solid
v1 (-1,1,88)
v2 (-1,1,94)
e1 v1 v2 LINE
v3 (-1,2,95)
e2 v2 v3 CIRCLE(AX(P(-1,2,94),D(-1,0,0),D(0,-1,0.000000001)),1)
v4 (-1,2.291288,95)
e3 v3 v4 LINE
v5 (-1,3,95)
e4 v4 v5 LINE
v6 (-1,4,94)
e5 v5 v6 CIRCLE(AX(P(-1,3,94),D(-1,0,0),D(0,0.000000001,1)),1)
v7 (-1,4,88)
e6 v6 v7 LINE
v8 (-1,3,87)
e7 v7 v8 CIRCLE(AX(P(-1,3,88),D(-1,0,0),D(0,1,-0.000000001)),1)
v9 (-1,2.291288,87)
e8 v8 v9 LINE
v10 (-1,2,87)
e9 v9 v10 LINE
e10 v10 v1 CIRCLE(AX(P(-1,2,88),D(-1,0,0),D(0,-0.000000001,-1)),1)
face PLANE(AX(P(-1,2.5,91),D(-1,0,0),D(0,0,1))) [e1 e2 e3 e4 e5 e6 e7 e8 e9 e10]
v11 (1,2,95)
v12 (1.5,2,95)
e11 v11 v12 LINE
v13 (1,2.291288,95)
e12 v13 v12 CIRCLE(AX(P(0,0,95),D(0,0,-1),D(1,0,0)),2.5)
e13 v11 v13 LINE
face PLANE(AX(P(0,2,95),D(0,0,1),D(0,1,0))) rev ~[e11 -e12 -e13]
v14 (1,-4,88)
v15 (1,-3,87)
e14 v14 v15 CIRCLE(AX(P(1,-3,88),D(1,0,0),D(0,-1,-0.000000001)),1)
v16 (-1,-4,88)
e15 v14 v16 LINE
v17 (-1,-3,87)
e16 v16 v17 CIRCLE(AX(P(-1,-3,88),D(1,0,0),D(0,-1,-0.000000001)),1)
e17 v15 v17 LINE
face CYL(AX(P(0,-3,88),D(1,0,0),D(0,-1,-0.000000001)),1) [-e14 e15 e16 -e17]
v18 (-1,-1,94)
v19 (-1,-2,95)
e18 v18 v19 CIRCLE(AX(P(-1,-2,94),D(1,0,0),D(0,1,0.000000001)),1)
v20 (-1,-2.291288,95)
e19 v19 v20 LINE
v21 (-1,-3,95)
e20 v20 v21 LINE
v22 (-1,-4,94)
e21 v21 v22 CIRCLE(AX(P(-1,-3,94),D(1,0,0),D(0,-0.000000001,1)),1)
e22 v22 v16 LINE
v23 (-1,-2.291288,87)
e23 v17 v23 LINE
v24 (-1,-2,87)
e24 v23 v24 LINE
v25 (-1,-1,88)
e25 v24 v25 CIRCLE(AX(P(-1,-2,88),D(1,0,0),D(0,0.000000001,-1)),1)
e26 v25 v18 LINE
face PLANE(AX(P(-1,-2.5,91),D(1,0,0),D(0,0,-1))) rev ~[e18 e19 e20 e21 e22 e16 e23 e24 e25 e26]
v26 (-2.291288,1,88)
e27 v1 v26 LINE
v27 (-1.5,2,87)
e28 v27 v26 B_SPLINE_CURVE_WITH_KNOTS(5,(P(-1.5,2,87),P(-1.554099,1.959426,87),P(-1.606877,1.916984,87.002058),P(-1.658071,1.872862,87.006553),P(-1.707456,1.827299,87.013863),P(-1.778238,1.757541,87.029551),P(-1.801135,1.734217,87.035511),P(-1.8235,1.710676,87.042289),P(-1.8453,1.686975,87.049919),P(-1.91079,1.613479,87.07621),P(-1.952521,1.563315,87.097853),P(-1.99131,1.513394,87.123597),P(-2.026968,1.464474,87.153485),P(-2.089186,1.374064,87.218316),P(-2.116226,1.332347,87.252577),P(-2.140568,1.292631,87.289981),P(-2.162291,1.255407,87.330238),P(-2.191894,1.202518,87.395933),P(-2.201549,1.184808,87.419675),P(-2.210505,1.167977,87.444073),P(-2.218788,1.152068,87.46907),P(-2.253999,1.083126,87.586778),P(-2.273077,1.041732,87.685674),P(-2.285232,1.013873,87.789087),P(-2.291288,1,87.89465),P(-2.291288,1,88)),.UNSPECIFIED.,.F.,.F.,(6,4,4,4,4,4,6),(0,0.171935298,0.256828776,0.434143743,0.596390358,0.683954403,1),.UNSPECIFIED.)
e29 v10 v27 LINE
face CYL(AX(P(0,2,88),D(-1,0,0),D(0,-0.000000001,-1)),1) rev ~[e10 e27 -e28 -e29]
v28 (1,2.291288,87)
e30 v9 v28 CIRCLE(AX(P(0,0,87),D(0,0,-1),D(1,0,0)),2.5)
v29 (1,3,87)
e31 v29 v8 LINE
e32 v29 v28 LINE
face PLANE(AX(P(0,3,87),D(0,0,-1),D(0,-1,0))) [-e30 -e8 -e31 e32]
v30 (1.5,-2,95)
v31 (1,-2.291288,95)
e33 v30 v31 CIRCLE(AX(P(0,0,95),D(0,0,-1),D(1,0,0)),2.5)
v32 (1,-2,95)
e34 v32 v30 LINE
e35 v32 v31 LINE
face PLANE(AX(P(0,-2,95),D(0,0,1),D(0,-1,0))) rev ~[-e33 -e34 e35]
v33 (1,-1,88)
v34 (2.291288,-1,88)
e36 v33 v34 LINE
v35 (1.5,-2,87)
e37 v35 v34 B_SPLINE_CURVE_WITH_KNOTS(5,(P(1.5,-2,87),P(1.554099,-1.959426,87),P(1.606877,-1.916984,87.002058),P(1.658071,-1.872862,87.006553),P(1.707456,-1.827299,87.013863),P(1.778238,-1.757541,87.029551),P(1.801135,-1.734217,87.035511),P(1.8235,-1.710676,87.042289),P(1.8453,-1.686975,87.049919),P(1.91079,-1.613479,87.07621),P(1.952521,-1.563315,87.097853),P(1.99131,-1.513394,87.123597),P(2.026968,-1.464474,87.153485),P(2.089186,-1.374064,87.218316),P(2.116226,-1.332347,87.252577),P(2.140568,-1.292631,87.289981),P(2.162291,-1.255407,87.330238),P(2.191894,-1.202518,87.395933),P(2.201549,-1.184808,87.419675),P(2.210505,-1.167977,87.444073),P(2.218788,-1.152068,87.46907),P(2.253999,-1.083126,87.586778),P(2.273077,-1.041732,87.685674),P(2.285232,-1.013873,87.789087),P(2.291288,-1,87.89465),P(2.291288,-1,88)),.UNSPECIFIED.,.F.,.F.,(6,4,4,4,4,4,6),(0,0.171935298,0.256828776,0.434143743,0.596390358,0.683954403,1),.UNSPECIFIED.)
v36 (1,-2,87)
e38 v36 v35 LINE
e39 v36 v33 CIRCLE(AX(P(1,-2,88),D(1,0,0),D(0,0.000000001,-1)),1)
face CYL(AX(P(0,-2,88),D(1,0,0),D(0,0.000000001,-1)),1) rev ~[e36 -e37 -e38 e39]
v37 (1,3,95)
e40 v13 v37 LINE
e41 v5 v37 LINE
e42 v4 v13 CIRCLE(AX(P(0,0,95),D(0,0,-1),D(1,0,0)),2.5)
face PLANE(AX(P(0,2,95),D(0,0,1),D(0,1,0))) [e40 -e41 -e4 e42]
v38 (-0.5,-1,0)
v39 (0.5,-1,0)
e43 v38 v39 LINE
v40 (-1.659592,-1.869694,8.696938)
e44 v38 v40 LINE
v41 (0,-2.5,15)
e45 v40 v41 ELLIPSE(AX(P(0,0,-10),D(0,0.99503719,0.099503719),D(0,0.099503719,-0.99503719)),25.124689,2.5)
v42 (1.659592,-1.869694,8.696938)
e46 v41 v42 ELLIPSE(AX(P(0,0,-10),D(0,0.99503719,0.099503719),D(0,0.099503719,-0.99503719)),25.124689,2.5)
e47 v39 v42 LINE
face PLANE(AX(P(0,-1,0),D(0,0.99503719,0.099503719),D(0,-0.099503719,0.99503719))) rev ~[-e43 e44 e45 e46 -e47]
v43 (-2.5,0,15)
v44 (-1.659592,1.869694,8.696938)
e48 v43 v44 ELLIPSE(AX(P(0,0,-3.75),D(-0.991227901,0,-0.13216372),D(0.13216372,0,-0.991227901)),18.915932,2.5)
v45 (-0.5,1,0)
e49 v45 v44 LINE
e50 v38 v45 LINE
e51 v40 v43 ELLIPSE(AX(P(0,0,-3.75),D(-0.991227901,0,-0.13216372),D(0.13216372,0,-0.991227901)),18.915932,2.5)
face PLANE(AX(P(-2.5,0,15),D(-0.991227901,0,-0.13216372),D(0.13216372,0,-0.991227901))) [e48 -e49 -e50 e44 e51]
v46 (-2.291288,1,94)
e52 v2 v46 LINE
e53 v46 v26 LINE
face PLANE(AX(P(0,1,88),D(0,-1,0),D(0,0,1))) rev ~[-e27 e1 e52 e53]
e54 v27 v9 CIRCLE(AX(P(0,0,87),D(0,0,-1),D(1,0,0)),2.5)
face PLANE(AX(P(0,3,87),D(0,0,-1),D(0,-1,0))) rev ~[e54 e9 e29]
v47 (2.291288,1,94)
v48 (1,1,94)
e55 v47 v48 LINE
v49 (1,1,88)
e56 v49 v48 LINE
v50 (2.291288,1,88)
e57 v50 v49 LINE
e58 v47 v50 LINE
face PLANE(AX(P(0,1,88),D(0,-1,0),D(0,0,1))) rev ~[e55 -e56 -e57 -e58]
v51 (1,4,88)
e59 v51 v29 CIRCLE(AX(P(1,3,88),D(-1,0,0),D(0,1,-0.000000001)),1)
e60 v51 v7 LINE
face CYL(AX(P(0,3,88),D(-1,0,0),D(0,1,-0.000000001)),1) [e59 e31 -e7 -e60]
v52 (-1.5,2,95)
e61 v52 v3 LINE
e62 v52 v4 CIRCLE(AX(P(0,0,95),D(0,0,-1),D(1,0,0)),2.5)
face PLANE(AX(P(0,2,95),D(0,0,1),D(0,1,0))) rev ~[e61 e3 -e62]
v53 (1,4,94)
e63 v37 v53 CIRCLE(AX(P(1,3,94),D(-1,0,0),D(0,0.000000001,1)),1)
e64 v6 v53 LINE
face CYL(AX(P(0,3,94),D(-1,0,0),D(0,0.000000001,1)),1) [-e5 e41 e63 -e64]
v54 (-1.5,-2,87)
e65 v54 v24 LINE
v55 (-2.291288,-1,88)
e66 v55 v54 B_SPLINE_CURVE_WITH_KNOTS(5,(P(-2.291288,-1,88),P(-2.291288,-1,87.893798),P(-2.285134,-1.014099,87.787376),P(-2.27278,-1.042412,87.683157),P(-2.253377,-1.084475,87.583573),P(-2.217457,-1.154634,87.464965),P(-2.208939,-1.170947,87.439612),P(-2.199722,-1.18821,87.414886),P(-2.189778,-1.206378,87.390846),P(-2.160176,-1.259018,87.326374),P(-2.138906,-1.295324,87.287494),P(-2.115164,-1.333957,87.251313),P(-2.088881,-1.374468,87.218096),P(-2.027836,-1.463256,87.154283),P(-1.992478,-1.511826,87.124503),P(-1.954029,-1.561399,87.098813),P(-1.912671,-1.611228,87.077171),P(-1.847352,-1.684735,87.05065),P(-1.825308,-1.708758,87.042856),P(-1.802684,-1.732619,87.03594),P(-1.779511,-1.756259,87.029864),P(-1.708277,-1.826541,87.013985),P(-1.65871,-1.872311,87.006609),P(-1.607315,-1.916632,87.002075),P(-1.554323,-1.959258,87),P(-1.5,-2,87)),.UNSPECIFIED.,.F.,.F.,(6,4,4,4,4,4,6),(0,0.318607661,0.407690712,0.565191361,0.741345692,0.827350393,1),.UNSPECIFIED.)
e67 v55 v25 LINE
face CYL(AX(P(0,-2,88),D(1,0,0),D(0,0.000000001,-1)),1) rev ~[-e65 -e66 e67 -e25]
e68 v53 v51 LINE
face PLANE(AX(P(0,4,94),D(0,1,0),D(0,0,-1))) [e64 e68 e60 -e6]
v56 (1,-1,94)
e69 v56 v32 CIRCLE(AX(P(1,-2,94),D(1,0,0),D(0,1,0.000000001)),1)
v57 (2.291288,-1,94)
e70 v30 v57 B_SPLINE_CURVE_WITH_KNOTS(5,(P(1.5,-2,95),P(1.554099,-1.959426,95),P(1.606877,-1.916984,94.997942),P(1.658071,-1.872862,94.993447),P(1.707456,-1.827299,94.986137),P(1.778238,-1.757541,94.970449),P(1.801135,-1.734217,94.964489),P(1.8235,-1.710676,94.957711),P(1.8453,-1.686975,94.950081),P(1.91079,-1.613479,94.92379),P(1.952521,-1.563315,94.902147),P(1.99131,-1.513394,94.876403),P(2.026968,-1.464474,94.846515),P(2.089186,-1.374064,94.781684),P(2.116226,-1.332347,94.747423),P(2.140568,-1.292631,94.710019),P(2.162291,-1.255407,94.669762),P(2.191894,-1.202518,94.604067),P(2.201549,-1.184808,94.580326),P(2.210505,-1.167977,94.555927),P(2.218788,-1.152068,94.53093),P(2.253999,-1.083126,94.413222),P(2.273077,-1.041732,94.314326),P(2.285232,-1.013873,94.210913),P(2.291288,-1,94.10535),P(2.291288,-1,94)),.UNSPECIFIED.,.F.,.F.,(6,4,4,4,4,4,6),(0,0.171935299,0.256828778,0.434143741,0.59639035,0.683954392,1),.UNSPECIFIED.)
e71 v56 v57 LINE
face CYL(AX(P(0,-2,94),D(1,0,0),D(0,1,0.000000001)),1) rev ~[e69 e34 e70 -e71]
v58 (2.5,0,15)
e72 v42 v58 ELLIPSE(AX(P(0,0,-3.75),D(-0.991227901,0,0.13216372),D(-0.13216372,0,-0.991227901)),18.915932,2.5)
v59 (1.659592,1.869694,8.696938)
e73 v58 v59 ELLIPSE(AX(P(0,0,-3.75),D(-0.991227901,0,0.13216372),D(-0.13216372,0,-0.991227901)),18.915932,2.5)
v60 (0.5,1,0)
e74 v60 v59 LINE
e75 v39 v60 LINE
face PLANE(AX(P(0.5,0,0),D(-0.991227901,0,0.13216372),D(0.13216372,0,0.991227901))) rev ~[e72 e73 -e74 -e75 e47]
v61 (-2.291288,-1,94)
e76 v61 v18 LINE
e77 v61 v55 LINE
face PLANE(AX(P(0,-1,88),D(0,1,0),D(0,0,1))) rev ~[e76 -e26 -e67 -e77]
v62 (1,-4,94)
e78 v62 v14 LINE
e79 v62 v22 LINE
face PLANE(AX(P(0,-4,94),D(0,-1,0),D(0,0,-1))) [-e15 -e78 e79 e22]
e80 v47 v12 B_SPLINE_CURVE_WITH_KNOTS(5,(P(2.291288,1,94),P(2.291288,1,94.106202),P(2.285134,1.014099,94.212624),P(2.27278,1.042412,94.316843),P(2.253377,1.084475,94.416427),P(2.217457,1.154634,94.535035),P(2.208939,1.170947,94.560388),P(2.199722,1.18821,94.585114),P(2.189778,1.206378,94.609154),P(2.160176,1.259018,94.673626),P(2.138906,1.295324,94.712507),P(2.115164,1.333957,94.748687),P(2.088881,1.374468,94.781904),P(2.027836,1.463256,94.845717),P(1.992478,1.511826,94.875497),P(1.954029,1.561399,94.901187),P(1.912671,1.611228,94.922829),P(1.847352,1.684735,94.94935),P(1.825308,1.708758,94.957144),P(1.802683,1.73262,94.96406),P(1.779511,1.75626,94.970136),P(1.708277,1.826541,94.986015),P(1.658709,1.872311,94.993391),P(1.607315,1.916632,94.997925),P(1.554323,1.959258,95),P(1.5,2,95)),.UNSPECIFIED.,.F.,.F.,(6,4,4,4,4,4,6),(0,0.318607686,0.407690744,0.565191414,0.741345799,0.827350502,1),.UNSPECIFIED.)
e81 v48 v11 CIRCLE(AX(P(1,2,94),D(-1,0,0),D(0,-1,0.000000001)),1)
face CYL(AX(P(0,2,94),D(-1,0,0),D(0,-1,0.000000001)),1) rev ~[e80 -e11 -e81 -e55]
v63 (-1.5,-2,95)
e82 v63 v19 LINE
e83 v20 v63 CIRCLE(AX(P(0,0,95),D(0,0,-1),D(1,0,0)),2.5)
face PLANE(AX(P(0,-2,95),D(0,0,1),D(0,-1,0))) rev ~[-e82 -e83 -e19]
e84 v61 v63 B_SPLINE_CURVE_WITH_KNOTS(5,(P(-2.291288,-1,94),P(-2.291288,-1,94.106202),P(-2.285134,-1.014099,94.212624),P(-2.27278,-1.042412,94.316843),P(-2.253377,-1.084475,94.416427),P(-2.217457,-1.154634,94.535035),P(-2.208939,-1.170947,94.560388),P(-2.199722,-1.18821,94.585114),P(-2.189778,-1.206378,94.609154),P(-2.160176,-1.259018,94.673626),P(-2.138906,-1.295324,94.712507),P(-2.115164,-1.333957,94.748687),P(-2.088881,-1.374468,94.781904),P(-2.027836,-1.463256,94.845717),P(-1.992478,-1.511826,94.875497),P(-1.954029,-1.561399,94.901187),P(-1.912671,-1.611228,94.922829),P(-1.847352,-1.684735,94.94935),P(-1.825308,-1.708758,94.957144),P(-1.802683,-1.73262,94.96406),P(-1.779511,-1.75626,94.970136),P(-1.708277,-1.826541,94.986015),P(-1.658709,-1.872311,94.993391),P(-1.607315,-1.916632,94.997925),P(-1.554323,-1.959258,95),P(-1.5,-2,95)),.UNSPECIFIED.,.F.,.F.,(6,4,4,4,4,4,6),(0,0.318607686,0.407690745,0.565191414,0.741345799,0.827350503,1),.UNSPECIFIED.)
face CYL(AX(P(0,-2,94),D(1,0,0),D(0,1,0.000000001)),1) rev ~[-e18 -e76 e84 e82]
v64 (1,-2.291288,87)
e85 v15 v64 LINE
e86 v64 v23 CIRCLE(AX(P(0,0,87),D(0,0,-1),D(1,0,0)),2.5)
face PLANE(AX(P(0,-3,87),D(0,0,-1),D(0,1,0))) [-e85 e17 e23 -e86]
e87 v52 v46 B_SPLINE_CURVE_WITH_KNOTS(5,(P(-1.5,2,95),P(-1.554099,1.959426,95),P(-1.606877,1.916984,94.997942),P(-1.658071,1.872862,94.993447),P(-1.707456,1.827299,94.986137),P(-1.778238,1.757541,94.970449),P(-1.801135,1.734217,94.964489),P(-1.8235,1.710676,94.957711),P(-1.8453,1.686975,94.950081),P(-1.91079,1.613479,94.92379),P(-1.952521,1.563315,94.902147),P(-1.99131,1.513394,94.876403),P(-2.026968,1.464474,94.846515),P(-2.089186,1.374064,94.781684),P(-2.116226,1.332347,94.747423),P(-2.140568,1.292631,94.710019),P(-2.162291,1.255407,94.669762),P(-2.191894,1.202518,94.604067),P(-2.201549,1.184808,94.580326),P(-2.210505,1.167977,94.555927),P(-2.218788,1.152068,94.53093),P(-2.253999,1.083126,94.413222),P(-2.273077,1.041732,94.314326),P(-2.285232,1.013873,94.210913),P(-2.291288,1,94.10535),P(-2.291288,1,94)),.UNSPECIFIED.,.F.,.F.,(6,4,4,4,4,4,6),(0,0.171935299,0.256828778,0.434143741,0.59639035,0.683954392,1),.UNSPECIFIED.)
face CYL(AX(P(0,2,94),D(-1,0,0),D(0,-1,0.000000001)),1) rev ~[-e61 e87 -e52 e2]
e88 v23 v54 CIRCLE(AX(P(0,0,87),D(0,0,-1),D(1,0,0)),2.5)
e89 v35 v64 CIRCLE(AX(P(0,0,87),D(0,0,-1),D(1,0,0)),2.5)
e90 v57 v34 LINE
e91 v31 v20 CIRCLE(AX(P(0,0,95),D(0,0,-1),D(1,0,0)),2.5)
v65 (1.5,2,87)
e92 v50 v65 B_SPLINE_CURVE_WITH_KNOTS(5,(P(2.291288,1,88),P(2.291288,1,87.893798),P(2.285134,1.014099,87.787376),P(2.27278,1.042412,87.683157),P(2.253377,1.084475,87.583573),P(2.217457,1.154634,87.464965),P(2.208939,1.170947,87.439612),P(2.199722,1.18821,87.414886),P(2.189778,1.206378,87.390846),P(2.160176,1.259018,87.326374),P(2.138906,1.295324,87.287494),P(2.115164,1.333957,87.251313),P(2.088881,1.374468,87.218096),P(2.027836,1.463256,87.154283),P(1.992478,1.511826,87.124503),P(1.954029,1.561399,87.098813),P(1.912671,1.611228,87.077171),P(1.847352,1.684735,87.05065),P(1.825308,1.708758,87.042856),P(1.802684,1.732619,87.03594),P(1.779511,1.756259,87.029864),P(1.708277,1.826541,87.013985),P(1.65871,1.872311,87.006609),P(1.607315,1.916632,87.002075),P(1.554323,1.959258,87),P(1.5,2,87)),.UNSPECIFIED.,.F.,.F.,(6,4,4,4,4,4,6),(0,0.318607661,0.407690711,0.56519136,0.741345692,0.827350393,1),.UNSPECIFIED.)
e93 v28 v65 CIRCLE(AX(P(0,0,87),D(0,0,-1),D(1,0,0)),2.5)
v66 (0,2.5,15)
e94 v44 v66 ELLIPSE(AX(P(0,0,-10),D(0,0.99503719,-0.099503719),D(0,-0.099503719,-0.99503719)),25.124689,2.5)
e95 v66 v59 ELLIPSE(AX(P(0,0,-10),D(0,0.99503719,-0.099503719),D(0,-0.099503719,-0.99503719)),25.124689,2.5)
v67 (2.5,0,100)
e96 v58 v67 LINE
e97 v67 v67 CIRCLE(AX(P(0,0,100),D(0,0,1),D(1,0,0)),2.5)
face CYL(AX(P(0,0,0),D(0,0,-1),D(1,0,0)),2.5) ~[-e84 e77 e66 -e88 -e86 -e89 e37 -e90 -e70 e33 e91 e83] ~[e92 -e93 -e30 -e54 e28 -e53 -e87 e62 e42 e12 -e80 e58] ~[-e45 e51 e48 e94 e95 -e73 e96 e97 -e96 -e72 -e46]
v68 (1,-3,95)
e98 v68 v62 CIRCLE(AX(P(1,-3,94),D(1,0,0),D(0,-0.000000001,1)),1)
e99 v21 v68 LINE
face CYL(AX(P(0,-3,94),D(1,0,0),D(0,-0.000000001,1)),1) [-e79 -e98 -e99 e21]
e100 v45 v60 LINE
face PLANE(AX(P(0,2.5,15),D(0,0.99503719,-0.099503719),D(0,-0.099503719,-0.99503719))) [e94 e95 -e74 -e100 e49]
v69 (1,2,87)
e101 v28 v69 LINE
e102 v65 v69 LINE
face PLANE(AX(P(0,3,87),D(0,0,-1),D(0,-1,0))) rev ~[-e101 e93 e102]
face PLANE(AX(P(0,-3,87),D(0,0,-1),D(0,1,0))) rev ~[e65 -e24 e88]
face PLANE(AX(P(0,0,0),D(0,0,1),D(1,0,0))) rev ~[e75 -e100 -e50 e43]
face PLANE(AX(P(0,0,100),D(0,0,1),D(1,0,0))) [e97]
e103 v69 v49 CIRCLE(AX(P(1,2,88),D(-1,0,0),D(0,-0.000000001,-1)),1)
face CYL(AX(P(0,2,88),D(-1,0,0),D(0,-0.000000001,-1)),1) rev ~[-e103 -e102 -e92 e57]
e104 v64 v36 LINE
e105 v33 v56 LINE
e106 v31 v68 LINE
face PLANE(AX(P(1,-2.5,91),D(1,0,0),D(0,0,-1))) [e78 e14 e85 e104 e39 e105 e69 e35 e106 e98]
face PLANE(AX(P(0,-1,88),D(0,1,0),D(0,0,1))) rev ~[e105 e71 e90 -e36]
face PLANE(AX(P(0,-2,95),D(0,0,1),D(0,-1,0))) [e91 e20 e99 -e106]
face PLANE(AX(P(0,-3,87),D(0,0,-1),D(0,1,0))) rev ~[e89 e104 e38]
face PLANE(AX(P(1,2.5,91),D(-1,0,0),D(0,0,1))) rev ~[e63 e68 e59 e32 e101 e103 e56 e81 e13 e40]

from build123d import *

# Parameters (mm, degrees)
SKETCH1_R           = 2.5
BOSS_EXTRUDE1_DEPTH = 100
CUT_EXTRUDE1_DEPTH  = 5
BOSS_EXTRUDE2_DEPTH = 1
CUT_EXTRUDE2_DEPTH  = 6
CUT_EXTRUDE3_DEPTH  = 2.5


with BuildPart() as part:
    # Sketch1 → Boss-Extrude1 (new body)
    with BuildSketch(Plane.XY):
        Circle(SKETCH1_R)
    extrude(amount=BOSS_EXTRUDE1_DEPTH)

    # Sketch2 → Cut-Extrude1 (cut, symmetric)
    with BuildSketch(Plane(origin=(0, 0, 0), x_dir=(0, 0, -1), z_dir=(1, 0, 0))):
        with BuildLine():
            Line((-94, 4), (-88, 4))
            ThreePointArc((-88, 4), (-87.292893219, 3.707106781), (-87, 3))
            Line((-87, 3), (-87, 2))
            ThreePointArc((-87, 2), (-87.292893219, 1.292893219), (-88, 1))
            Line((-88, 1), (-94, 1))
            ThreePointArc((-94, 1), (-94.707106781, 1.292893219), (-95, 2))
            Line((-95, 2), (-95, 3))
            ThreePointArc((-95, 3), (-94.707106781, 3.707106781), (-94, 4))
        make_face()
        with BuildLine():
            Line((-87, -3), (-87, -2))
            ThreePointArc((-87, -2), (-87.292893219, -1.292893219), (-88, -1))
            Line((-88, -1), (-94, -1))
            ThreePointArc((-94, -1), (-94.707106781, -1.292893219), (-95, -2))
            Line((-95, -2), (-95, -3))
            ThreePointArc((-95, -3), (-94.707106781, -3.707106781), (-94, -4))
            Line((-94, -4), (-88, -4))
            ThreePointArc((-88, -4), (-87.292893219, -3.707106781), (-87, -3))
        make_face()
    extrude(amount=CUT_EXTRUDE1_DEPTH, both=True, mode=Mode.SUBTRACT)

    # Sketch2<2> → Boss-Extrude2 (add, symmetric)
    with BuildSketch(Plane(origin=(0, 0, 0), x_dir=(0, 0, -1), z_dir=(1, 0, 0))):
        with BuildLine():
            Line((-94, 4), (-88, 4))
            ThreePointArc((-88, 4), (-87.292893219, 3.707106781), (-87, 3))
            Line((-87, 3), (-87, 2))
            ThreePointArc((-87, 2), (-87.292893219, 1.292893219), (-88, 1))
            Line((-88, 1), (-94, 1))
            ThreePointArc((-94, 1), (-94.707106781, 1.292893219), (-95, 2))
            Line((-95, 2), (-95, 3))
            ThreePointArc((-95, 3), (-94.707106781, 3.707106781), (-94, 4))
        make_face()
        with BuildLine():
            Line((-87, -3), (-87, -2))
            ThreePointArc((-87, -2), (-87.292893219, -1.292893219), (-88, -1))
            Line((-88, -1), (-94, -1))
            ThreePointArc((-94, -1), (-94.707106781, -1.292893219), (-95, -2))
            Line((-95, -2), (-95, -3))
            ThreePointArc((-95, -3), (-94.707106781, -3.707106781), (-94, -4))
            Line((-94, -4), (-88, -4))
            ThreePointArc((-88, -4), (-87.292893219, -3.707106781), (-87, -3))
        make_face()
    extrude(amount=BOSS_EXTRUDE2_DEPTH, both=True)

    # Sketch3 → Cut-Extrude2 (cut, symmetric)
    with BuildSketch(Plane(origin=(0, 0, 0), x_dir=(0, 0, -1), z_dir=(1, 0, 0))):
        Polygon((-15, 2.5), (0, 1), (0, 2.5), align=None)
        Polygon((0, -2.5), (0, -1), (-15, -2.5), align=None)
    extrude(amount=CUT_EXTRUDE2_DEPTH, both=True, mode=Mode.SUBTRACT)

    # Sketch4 → Cut-Extrude3 (cut, symmetric)
    with BuildSketch(Plane(origin=(0, 0, 0), x_dir=(1, 0, 0), z_dir=(0, 1, 0))):
        Polygon((-2.5, -15), (-0.5, 0), (-2.5, 0), align=None)
        Polygon((2.5, 0), (0.5, 0), (2.5, -15), align=None)
    extrude(amount=CUT_EXTRUDE3_DEPTH, both=True, mode=Mode.SUBTRACT)


solid = part.part
